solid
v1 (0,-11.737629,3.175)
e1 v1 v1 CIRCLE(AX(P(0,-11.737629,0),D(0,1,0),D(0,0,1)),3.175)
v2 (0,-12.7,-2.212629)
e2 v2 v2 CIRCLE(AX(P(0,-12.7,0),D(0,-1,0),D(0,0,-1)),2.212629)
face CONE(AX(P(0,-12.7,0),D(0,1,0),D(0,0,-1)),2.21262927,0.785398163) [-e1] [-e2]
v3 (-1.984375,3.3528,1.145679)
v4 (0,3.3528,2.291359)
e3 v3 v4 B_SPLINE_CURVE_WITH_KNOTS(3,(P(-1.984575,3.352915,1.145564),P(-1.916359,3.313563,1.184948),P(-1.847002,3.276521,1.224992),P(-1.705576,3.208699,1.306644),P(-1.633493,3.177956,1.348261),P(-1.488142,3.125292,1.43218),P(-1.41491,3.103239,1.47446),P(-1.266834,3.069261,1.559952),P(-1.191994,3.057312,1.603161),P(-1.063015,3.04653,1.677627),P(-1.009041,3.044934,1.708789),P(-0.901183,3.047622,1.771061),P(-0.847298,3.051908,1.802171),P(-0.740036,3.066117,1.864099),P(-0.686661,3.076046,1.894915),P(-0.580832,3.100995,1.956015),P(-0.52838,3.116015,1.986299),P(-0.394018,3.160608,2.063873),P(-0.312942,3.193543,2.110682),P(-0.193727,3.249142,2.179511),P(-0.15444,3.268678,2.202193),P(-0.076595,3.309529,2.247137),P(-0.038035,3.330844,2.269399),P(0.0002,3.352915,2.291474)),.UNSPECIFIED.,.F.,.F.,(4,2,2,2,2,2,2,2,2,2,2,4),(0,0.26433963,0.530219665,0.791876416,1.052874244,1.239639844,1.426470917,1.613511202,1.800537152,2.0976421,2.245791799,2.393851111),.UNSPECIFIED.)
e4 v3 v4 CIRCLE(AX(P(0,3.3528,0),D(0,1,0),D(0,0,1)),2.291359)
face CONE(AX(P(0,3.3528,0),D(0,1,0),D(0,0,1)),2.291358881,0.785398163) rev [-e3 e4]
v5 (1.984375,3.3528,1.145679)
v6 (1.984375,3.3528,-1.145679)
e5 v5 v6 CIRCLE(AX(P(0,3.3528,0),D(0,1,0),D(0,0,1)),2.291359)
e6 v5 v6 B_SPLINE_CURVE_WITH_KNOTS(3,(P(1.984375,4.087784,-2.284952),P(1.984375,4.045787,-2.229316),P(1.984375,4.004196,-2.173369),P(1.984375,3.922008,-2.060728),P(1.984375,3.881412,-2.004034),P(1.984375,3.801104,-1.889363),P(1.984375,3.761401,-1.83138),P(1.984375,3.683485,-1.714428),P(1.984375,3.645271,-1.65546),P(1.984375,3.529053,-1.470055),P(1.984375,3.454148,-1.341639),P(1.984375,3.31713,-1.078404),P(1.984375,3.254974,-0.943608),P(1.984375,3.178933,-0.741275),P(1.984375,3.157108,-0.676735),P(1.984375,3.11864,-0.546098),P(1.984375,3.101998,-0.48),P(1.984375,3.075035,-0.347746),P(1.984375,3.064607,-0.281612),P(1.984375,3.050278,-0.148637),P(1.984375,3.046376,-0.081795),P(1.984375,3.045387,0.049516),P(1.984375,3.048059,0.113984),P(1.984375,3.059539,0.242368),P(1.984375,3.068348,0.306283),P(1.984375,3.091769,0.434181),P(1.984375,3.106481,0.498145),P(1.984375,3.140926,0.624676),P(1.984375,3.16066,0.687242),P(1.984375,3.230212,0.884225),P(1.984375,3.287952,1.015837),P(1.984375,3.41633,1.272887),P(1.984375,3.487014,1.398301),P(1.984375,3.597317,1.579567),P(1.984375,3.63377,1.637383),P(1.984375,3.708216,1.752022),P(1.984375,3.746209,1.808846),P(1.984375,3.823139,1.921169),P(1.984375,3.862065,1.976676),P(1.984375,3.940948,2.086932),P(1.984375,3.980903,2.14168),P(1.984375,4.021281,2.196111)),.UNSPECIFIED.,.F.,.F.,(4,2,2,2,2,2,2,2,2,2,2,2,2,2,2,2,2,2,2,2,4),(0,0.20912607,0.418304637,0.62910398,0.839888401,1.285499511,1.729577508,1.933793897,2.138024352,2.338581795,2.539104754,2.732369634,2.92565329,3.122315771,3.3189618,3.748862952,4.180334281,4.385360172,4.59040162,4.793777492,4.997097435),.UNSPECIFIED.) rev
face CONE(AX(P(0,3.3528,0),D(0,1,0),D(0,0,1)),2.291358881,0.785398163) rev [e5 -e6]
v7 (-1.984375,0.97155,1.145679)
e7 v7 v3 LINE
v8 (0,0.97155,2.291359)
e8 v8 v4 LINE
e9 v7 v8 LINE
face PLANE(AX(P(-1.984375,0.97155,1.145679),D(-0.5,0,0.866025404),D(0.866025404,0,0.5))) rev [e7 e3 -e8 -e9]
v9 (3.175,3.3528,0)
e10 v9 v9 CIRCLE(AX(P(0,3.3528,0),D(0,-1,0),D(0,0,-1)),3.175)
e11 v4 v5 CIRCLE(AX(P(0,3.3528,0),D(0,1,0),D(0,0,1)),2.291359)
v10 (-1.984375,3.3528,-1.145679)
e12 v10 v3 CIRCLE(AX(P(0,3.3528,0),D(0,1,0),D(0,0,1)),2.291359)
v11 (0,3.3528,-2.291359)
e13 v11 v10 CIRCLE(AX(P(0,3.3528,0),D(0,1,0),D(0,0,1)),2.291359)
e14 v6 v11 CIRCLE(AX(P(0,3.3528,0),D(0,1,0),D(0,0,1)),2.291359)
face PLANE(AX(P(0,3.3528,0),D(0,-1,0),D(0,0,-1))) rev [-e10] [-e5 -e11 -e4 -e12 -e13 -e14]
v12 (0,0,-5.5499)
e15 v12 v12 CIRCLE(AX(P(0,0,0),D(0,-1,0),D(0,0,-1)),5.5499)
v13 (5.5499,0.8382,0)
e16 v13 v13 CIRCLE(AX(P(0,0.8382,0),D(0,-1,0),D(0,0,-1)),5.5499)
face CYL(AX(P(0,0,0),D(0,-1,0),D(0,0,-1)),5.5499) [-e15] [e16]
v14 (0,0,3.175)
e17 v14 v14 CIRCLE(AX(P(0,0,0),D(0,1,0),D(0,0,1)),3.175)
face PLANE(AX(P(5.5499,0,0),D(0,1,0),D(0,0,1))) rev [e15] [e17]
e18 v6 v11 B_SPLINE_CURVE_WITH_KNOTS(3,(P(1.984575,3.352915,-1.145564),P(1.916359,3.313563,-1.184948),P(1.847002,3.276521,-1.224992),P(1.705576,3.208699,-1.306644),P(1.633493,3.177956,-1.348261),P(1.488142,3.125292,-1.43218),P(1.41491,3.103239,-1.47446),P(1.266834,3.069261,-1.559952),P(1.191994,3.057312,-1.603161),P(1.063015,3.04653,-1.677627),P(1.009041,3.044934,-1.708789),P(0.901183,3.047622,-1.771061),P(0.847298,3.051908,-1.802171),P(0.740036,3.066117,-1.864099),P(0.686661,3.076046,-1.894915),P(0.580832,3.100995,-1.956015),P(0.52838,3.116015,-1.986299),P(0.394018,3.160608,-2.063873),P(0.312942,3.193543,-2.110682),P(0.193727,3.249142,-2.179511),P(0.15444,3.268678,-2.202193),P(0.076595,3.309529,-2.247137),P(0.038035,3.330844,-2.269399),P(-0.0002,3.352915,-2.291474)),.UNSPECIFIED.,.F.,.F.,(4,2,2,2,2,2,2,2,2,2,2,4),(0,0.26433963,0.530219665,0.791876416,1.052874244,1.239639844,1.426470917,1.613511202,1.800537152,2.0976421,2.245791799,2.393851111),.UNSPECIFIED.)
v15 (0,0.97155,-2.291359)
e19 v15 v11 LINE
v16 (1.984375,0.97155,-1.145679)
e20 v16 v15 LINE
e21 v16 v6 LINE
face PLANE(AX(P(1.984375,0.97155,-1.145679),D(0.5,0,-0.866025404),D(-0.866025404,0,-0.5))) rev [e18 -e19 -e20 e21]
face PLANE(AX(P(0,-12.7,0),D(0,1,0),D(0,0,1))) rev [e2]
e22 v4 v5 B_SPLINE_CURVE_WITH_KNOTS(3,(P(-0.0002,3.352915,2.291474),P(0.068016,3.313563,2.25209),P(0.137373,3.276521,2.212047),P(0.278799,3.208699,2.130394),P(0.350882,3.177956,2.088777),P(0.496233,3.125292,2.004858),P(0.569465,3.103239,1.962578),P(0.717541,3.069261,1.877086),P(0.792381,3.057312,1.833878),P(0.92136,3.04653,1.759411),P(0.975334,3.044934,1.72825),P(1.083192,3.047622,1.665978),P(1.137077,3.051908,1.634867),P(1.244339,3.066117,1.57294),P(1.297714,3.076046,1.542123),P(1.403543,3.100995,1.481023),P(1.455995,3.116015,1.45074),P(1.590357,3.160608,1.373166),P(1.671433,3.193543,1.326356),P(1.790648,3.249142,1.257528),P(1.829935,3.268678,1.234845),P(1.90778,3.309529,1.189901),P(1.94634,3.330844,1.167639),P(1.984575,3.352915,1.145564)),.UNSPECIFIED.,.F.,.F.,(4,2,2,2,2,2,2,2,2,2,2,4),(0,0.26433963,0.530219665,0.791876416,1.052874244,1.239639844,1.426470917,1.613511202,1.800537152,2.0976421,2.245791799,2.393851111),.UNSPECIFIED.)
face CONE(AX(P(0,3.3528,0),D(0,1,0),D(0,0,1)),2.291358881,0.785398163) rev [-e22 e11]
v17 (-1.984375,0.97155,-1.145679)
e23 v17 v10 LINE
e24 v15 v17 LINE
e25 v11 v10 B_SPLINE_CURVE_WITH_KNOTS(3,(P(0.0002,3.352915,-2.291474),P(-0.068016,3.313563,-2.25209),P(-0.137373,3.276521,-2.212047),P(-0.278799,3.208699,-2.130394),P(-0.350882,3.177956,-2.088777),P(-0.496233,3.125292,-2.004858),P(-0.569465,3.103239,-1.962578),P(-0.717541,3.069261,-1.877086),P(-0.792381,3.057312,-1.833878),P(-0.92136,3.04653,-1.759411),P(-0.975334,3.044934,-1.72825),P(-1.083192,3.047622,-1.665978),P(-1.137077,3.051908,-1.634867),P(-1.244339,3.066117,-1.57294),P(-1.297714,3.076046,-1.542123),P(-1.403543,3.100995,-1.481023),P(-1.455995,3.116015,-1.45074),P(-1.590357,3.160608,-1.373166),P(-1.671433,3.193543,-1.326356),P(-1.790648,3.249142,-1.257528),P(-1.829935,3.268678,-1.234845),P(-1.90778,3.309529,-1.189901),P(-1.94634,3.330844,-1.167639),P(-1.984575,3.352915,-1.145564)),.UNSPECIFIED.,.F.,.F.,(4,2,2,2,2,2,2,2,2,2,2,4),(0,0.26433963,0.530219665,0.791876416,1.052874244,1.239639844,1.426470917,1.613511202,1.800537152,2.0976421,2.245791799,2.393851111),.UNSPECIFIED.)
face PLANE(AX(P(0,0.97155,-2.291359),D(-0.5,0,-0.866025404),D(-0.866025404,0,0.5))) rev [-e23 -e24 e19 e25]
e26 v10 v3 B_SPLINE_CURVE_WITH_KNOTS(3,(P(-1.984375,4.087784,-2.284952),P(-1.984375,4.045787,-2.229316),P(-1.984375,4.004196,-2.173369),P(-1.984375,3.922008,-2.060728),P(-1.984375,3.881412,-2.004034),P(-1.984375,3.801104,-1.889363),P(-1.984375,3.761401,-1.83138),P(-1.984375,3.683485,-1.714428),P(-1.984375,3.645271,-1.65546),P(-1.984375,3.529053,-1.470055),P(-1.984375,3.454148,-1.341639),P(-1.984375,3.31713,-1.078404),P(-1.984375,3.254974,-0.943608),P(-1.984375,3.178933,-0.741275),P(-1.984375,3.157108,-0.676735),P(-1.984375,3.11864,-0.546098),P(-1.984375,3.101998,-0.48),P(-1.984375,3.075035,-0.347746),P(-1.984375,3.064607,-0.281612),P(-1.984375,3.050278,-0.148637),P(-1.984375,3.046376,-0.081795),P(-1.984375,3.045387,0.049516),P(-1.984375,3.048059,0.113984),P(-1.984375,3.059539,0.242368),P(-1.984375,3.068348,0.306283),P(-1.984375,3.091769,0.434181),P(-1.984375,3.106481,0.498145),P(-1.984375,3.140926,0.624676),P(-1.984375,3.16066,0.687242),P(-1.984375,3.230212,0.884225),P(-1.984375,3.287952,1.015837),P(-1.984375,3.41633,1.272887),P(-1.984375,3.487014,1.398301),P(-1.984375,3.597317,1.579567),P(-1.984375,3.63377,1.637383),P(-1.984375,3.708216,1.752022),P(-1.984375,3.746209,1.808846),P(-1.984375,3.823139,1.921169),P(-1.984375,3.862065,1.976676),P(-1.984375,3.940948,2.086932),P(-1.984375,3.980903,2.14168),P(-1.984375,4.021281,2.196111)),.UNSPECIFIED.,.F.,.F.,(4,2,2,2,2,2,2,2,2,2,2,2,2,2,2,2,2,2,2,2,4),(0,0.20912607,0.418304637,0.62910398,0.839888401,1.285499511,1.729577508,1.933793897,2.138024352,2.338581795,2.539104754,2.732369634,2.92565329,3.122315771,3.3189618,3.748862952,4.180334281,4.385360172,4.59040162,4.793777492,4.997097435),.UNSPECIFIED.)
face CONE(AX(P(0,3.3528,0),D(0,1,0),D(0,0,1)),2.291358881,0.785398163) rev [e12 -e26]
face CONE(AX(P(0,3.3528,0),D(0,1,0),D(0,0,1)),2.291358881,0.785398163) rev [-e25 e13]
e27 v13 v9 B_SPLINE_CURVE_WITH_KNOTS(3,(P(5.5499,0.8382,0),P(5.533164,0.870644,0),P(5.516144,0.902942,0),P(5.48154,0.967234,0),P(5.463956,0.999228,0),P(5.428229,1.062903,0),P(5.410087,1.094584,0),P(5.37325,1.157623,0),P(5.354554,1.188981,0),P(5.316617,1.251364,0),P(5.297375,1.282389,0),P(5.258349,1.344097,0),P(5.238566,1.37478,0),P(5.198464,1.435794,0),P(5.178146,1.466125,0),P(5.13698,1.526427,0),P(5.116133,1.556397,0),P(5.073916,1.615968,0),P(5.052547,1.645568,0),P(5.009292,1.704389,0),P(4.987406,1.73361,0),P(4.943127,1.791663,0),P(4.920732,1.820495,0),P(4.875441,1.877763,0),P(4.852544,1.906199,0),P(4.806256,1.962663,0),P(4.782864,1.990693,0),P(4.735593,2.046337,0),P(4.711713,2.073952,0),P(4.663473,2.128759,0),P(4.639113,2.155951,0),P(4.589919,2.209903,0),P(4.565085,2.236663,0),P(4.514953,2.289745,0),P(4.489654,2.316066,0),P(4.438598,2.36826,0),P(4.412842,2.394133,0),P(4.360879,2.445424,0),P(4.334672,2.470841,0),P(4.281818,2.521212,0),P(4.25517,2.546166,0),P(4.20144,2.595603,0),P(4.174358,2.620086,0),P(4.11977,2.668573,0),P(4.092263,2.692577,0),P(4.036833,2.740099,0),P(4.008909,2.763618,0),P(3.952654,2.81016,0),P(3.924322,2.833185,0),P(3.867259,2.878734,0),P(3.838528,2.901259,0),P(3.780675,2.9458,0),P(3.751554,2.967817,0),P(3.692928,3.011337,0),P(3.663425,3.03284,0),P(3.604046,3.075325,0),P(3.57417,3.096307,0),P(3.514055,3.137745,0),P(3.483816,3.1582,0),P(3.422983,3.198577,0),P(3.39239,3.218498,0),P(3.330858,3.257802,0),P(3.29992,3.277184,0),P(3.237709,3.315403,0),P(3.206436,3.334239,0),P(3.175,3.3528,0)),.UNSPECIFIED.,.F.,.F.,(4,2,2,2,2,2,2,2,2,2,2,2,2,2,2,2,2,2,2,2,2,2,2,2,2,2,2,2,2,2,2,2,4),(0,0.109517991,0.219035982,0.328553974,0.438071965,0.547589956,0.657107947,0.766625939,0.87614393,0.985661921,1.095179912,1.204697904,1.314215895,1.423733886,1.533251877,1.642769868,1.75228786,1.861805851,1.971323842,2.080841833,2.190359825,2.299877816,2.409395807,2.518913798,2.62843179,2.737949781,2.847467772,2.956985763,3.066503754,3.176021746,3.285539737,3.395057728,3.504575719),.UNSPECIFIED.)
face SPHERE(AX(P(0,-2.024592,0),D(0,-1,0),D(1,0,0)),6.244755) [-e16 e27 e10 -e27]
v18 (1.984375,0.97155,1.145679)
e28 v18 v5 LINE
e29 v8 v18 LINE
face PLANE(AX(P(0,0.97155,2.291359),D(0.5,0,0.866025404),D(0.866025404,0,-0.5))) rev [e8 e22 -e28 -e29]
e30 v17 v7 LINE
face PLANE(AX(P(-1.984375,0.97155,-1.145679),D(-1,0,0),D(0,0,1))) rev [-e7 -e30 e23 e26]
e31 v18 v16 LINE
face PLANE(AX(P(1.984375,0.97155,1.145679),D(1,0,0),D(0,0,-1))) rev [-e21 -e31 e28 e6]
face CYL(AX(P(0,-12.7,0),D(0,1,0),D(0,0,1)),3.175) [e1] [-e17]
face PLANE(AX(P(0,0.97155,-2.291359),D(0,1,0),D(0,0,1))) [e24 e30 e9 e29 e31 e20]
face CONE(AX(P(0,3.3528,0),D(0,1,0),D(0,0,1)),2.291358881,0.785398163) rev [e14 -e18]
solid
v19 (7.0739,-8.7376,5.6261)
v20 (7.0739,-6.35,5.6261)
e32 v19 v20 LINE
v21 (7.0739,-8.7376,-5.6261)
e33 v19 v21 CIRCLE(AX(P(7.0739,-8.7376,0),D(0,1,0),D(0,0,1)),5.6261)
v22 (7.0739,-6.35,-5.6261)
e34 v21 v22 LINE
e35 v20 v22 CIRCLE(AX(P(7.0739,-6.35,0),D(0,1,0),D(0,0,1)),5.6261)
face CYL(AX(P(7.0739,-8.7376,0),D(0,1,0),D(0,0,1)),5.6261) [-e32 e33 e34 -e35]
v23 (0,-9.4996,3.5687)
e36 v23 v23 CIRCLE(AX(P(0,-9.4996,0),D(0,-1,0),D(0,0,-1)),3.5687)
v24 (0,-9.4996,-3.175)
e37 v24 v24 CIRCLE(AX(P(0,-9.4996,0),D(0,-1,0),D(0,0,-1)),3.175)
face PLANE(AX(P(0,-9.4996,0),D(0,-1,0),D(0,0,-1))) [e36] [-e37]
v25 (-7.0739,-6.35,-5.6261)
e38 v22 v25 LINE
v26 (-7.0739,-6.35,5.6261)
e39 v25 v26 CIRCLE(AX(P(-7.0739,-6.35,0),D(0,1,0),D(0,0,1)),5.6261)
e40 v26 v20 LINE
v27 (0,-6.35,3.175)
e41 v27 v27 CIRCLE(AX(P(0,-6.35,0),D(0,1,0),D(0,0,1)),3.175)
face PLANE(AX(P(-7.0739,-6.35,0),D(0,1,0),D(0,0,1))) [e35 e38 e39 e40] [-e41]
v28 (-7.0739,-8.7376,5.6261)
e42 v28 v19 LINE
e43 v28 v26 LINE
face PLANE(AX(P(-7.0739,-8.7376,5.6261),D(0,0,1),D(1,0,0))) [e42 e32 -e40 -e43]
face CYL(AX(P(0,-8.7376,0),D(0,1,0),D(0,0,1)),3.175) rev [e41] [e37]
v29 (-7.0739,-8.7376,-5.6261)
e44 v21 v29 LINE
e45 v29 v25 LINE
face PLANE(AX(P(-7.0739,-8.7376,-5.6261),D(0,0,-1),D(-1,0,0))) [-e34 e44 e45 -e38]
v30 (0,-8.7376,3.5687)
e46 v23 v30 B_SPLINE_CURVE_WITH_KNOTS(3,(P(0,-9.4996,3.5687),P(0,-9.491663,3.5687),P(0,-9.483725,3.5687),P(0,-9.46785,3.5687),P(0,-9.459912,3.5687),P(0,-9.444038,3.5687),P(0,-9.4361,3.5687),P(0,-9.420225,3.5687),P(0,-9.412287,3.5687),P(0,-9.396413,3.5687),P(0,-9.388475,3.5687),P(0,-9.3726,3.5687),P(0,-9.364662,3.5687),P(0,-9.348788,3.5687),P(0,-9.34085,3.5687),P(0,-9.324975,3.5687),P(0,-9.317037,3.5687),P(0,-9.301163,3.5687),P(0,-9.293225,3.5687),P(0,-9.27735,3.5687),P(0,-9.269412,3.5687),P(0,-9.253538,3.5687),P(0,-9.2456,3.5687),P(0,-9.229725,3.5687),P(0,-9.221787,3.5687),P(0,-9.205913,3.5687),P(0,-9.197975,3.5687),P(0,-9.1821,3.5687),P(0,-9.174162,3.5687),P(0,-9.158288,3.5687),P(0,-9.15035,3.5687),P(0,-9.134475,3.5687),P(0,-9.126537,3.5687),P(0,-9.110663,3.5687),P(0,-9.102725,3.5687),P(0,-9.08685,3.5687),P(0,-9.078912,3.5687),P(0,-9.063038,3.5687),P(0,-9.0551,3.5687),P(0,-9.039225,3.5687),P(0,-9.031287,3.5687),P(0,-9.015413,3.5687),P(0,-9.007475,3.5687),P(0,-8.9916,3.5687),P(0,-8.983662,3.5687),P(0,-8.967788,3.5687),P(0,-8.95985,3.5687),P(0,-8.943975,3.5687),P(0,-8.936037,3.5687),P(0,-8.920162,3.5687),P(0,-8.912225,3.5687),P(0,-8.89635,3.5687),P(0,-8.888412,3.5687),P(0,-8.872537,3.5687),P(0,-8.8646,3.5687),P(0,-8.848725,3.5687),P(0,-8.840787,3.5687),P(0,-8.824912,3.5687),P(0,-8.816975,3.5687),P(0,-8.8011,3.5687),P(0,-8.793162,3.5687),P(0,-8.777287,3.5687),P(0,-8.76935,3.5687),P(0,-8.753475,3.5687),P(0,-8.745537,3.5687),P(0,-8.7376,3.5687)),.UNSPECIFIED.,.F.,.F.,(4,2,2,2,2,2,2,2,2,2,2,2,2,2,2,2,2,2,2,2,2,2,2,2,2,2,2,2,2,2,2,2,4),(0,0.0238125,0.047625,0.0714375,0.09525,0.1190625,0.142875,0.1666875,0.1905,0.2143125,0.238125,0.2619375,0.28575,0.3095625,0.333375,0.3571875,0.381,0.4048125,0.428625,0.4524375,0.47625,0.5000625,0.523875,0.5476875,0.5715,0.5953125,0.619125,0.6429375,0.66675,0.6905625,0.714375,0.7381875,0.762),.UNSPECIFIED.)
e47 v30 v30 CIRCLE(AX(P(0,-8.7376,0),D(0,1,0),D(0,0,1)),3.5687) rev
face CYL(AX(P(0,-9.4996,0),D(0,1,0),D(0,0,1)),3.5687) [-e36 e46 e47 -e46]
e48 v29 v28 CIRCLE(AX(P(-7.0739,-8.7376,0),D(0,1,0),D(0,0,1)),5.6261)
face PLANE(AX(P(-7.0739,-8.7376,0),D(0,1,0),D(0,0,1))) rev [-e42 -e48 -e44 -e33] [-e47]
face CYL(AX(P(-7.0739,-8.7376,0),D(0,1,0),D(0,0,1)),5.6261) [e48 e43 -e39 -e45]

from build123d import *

# Parameters (mm, degrees)
SKETCH1_R           = 3.175
BOSS_EXTRUDE1_DEPTH = 12.7
SKETCH4_OUTSIDE_W   = 14
SKETCH4_OUTSIDE_H   = 14
SKETCH4_OUTSIDE_R   = 2.21262927
CUT_EXTRUDE1_DEPTH  = 1.27
CUT_EXTRUDE1_DRAFT  = -45
CUT_EXTRUDE2_DEPTH  = 2.38125
BOSS_EXTRUDE2_START = -6.35
SKETCH8_R           = 3.175
BOSS_EXTRUDE2_DEPTH = 2.3876
SKETCH9_R           = 3.5687
SKETCH9_R_2         = 3.175
BOSS_EXTRUDE3_DEPTH = 0.762


with BuildPart() as part:
    # Sketch1 → Boss-Extrude1 (new body)
    with BuildSketch(Plane(origin=(0, 0, 0), x_dir=(1, 0, 0), z_dir=(0, 1, 0))):
        Circle(SKETCH1_R)
    extrude(amount=-BOSS_EXTRUDE1_DEPTH)


with BuildPart() as cut_extrude1_tool:
    # Sketch4 outside → Cut-Extrude1 (with draft: the straight prism first)
    with BuildSketch(Plane.XZ.offset(12.7)):
        Rectangle(SKETCH4_OUTSIDE_W, SKETCH4_OUTSIDE_H)
        Circle(SKETCH4_OUTSIDE_R, mode=Mode.SUBTRACT)
    extrude(amount=-CUT_EXTRUDE1_DEPTH)
    # Cut-Extrude1: the draft: its side faces are tilted about the plane it starts from
    cut_extrude1_sides = [cut_extrude1_tool.faces().sort_by_distance(p)[0] for p in [
        (0, -12.065, -7),
        (7, -12.065, 0),
        (0, -12.065, 7),
        (-7, -12.065, 0),
        (-2.21262927, -12.065, 0),
    ]]
    draft(cut_extrude1_sides, Plane.XZ.offset(12.7), CUT_EXTRUDE1_DRAFT)


with BuildPart() as part_1:
    add(part.part)

    # Cut-Extrude1: cut by cut_extrude1_tool
    add(cut_extrude1_tool.part, mode=Mode.SUBTRACT)

    # Sketch5 → Revolve1 (revolve)
    with BuildSketch(Plane.XY):
        with BuildLine():
            Line((0, 0), (0, 3.3528))
            Line((0, 3.3528), (-3.175, 3.3528))
            ThreePointArc((-3.175, 3.3528), (-4.540019085, 2.263204136), (-5.5499, 0.8382))
            Line((-5.5499, 0.8382), (-5.5499, 0))
            Line((-5.5499, 0), (0, 0))
        make_face()
    revolve(axis=Axis((0, 0, 0), (0, 1, 0)))

    # Sketch6 → Cut-Extrude2 (cut)
    with BuildSketch(Plane(origin=(0, 3.3528, 0), x_dir=(1, 0, 0), z_dir=(0, 1, 0))):
        Polygon((0, 2.291358881), (-1.984375, 1.14567944), (-1.984375, -1.14567944), (0, -2.291358881), (1.984375, -1.14567944), (1.984375, 1.14567944), align=None)
    extrude(amount=-CUT_EXTRUDE2_DEPTH, mode=Mode.SUBTRACT)

    # Cut-Extrude3 cone 1 section (through the dimple's axis) → Cut-Extrude3 (revolve, cut)
    with BuildSketch(Plane(origin=(0, 3.3528, 0), x_dir=(0, 0, 1), z_dir=(1, 0, 0))):
        Polygon((0, 0), (2.291358881, 0), (0, 2.291358881), align=None)
    revolve(axis=Axis((0, 3.3528, 0), (0, -1, 0)), mode=Mode.SUBTRACT)


with BuildPart() as body_2:
    # Sketch8 → Boss-Extrude2 (new body)
    with BuildSketch(Plane(origin=(0, 0, 0), x_dir=(1, 0, 0), z_dir=(0, 1, 0)).offset(BOSS_EXTRUDE2_START)):
        with BuildLine():
            Line((-7.0739, 5.6261), (7.0739, 5.6261))
            ThreePointArc((7.0739, 5.6261), (12.7, 0), (7.0739, -5.6261))
            Line((7.0739, -5.6261), (-7.0739, -5.6261))
            ThreePointArc((-7.0739, -5.6261), (-12.7, 0), (-7.0739, 5.6261))
        make_face()
        Circle(SKETCH8_R, mode=Mode.SUBTRACT)
    extrude(amount=-BOSS_EXTRUDE2_DEPTH)

    # Sketch9 → Boss-Extrude3 (add)
    with BuildSketch(Plane.XZ.offset(8.7376)):
        Circle(SKETCH9_R)
        Circle(SKETCH9_R_2, mode=Mode.SUBTRACT)
    extrude(amount=BOSS_EXTRUDE3_DEPTH)


solid = Compound([part_1.part, body_2.part])
